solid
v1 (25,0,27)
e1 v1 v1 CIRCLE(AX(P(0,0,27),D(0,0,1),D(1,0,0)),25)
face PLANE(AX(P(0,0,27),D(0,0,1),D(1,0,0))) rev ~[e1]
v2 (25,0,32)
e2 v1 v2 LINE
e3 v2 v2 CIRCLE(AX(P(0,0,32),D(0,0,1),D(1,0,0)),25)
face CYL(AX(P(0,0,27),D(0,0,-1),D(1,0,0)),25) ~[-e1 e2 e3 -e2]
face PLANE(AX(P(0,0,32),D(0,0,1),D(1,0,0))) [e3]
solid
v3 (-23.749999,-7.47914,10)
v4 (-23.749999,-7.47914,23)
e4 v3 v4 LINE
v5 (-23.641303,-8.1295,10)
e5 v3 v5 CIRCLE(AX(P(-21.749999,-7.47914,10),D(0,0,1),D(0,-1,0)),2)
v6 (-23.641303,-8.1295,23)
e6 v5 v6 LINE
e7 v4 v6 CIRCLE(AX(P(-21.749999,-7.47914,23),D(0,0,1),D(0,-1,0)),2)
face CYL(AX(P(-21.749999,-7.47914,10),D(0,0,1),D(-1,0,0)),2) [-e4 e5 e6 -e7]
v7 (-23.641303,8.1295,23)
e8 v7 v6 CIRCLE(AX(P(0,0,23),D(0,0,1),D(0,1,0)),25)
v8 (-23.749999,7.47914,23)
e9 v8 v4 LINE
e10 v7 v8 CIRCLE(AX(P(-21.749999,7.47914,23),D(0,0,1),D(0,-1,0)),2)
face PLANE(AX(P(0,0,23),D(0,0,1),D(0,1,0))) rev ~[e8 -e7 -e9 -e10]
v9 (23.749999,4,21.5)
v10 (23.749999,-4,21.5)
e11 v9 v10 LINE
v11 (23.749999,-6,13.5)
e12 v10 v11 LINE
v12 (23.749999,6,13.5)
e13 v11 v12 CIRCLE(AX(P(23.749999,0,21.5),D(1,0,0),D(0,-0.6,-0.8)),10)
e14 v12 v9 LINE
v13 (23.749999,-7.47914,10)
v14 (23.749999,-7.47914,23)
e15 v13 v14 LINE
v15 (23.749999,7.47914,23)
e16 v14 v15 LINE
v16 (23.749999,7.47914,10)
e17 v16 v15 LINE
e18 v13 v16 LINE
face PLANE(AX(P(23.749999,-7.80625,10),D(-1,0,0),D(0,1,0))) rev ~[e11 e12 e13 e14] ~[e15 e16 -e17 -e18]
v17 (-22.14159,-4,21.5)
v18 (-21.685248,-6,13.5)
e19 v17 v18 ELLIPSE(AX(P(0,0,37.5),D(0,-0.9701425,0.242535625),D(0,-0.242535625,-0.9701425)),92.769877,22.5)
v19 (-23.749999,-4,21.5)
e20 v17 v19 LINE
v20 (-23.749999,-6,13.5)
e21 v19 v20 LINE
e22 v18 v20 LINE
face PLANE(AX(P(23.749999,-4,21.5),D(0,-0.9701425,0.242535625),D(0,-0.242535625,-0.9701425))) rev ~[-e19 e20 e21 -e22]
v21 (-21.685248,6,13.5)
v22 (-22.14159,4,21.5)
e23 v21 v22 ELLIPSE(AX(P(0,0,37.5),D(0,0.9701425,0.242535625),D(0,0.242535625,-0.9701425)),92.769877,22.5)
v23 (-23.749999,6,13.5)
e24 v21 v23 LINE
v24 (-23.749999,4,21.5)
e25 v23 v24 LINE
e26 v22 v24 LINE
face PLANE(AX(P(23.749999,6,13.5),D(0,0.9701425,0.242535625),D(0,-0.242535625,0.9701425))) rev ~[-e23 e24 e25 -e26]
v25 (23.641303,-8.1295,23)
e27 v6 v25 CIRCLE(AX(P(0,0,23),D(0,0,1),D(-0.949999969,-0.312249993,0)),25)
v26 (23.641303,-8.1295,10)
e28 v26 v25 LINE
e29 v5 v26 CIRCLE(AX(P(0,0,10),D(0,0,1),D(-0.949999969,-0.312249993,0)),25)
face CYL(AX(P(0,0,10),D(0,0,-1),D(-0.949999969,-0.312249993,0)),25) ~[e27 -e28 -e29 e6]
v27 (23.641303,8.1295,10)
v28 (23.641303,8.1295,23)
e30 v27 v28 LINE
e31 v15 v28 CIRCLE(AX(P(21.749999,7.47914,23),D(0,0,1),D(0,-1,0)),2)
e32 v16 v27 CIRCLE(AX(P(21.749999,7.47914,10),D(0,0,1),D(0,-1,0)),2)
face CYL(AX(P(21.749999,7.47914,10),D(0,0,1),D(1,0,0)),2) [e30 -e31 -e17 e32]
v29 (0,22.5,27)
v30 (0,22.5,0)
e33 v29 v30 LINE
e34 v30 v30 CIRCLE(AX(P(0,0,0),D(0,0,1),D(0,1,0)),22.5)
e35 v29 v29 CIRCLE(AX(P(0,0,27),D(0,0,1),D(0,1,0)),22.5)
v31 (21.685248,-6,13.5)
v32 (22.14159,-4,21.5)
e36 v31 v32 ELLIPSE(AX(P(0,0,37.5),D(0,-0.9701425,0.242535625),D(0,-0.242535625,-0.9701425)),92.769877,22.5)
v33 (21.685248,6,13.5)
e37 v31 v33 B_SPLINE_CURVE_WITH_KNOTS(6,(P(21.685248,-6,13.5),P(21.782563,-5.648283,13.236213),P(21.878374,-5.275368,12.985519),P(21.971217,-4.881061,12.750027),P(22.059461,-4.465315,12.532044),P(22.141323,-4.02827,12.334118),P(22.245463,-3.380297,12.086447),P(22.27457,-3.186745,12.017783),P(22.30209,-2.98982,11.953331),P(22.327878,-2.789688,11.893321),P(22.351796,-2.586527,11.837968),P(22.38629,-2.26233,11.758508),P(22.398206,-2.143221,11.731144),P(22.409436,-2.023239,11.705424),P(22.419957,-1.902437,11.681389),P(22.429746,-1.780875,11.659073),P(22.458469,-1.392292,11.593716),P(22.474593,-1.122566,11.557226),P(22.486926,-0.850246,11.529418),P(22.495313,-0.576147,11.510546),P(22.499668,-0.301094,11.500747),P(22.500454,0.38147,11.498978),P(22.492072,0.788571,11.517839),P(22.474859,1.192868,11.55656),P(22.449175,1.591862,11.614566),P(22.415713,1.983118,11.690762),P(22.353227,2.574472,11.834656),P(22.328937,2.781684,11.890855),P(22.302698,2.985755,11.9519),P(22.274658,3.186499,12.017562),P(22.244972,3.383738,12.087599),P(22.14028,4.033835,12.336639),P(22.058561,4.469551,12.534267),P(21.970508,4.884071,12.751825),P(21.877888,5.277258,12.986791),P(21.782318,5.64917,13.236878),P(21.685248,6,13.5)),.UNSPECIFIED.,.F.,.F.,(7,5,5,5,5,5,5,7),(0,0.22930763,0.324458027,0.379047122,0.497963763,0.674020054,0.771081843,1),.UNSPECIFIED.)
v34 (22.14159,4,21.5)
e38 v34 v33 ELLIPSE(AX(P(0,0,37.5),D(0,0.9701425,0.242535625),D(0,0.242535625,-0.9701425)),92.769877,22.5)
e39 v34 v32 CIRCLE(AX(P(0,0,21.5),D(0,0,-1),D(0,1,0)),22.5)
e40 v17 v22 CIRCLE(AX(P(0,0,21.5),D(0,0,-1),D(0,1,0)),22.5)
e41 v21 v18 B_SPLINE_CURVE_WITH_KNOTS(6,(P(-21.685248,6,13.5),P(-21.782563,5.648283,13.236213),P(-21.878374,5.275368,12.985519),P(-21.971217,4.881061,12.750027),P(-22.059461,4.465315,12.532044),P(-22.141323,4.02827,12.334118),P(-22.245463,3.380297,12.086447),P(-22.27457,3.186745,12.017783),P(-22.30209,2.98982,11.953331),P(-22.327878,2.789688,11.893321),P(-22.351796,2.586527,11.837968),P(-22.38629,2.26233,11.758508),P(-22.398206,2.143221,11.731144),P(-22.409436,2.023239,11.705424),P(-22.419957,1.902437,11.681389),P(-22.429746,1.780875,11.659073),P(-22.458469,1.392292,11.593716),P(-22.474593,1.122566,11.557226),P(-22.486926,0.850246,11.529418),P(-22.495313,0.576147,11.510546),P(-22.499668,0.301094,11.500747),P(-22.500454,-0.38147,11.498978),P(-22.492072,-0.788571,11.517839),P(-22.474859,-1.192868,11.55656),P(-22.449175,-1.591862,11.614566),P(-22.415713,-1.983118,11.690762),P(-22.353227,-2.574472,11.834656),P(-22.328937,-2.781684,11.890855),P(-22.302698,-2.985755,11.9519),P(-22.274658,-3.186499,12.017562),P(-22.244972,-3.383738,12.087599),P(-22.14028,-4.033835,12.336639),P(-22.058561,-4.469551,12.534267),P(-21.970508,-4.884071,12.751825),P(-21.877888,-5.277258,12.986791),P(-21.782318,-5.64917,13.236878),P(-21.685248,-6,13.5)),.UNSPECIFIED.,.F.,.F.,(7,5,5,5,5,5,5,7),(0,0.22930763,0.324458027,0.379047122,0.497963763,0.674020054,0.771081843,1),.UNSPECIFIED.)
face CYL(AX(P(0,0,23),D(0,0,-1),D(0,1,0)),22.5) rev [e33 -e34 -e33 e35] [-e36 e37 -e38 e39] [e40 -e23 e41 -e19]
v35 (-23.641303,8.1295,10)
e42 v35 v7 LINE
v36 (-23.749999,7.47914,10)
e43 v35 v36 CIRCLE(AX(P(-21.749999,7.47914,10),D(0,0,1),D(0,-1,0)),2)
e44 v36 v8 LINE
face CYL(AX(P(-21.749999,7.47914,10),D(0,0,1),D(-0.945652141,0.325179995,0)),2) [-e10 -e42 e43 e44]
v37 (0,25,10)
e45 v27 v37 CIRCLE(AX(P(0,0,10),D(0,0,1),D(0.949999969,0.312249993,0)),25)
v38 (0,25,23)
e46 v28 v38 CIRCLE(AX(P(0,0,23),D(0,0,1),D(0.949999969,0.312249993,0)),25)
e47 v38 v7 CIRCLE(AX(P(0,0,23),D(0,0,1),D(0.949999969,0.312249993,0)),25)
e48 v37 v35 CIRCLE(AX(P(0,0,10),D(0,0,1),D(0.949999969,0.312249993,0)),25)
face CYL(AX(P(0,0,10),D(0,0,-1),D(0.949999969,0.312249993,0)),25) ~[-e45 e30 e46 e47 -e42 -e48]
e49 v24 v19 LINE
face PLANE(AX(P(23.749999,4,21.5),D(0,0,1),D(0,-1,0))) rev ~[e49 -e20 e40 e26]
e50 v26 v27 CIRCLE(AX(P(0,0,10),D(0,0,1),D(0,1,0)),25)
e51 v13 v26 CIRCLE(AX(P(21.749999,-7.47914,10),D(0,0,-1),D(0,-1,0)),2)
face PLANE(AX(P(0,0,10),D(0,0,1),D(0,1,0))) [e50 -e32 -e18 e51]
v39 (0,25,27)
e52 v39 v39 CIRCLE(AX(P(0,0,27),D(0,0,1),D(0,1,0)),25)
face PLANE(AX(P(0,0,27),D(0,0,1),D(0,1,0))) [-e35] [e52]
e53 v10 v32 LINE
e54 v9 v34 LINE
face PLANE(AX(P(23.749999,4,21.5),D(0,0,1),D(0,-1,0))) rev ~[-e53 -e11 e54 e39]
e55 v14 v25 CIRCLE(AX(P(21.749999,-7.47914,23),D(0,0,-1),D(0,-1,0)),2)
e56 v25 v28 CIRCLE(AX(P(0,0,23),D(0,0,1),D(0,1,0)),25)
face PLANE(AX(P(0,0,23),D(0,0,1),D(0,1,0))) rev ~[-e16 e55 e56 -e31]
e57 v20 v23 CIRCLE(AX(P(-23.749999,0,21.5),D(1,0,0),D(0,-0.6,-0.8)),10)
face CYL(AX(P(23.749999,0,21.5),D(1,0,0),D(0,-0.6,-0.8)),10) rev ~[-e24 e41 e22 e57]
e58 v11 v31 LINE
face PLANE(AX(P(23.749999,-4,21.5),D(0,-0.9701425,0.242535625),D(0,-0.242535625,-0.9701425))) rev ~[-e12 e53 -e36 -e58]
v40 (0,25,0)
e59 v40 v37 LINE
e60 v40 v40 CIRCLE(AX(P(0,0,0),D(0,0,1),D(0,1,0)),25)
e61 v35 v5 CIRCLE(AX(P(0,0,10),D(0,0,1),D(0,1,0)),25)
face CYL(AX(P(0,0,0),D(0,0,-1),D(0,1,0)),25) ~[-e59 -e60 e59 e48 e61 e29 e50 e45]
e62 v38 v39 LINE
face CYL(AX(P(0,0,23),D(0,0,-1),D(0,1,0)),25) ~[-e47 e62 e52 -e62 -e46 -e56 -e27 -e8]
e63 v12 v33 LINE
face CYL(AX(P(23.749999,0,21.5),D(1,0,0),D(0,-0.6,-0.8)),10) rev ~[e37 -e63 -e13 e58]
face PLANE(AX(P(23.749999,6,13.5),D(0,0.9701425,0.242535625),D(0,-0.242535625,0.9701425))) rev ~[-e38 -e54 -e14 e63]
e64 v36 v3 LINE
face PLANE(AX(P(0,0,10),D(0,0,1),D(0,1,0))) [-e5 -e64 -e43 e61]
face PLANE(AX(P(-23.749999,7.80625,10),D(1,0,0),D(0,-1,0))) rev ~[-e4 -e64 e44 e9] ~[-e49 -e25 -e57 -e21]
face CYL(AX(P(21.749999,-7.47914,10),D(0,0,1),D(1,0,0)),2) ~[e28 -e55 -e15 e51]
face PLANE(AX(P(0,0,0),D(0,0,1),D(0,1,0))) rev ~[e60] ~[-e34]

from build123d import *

# Parameters (mm, degrees)
EXTRUDE003_DEPTH = 47.5
OFFSET001_R      = 25
OFFSET001_R_2    = 22.5
EXTRUDE002_DEPTH = 4
FACE_R           = 25
FACE_R_2         = 22.5
EXTRUDE_DEPTH    = 10
OFFSET_R         = 22.5
EXTRUDE001_DEPTH = 13
FILLET_R         = 2
FILLET001_R      = 2
FILLET002_R      = 2
FILLET003_R      = 2
SKETCH003_R      = 25
EXTRUDE004_DEPTH = 5


with BuildPart() as extrude003:
    # Face002 → Extrude003 (new body)
    with BuildSketch(Plane(origin=(23.749999, 0, 16.462815), x_dir=(0, -1, 0), z_dir=(1, 0, 0))):
        with BuildLine():
            Line((-4, -5.037185), (4, -5.037185))
            Line((4, -5.037185), (6, 2.962815))
            ThreePointArc((6, 2.962815), (0, 4.962815), (-6, 2.962815))
            Line((-6, 2.962815), (-4, -5.037185))
        make_face()
    extrude(amount=-EXTRUDE003_DEPTH)


with BuildPart() as extrude002:
    # Offset001 → Extrude002 (new body)
    with BuildSketch(Plane(origin=(0, 0, 23), x_dir=(0, 1, 0), z_dir=(0, 0, 1))):
        Circle(OFFSET001_R)
        Circle(OFFSET001_R_2, mode=Mode.SUBTRACT)
    extrude(amount=EXTRUDE002_DEPTH)


with BuildPart() as fusion:
    # Face → Extrude (new body)
    with BuildSketch(Plane(origin=(0, 0, 0), x_dir=(0, 1, 0), z_dir=(0, 0, 1))):
        Circle(FACE_R)
        Circle(FACE_R_2, mode=Mode.SUBTRACT)
    extrude(amount=EXTRUDE_DEPTH)

    # Fusion: union Extrude002
    add(extrude002.part)


with BuildPart() as cut:
    # Offset → Extrude001 (new body)
    with BuildSketch(Plane(origin=(0, 0, 10), x_dir=(0, 1, 0), z_dir=(0, 0, 1))):
        with BuildLine():
            ThreePointArc((7.80625, -23.749999), (25, 0), (7.80625, 23.749999))
            Line((7.80625, 23.749999), (-7.80625, 23.749999))
            ThreePointArc((-7.80625, 23.749999), (-25, 0), (-7.80625, -23.749999))
            Line((-7.80625, -23.749999), (7.80625, -23.749999))
        make_face()
        Circle(OFFSET_R, mode=Mode.SUBTRACT)
    extrude(amount=EXTRUDE001_DEPTH)

    # Fillet
    fillet_edges = [cut.edges().sort_by_distance(p)[0] for p in [
        (23.749999, -7.80625, 16.5),
    ]]
    fillet(fillet_edges, radius=FILLET_R)

    # Fillet001
    fillet001_edges = [cut.edges().sort_by_distance(p)[0] for p in [
        (23.749999, 7.80625, 16.5),
    ]]
    fillet(fillet001_edges, radius=FILLET001_R)

    # Fillet002
    fillet002_edges = [cut.edges().sort_by_distance(p)[0] for p in [
        (-23.749999, 7.80625, 16.5),
    ]]
    fillet(fillet002_edges, radius=FILLET002_R)

    # Fillet003
    fillet003_edges = [cut.edges().sort_by_distance(p)[0] for p in [
        (-23.749999, -7.80625, 16.5),
    ]]
    fillet(fillet003_edges, radius=FILLET003_R)

    # Fusion001: union Fusion
    add(fusion.part)

    # Cut: cut Extrude003
    add(extrude003.part, mode=Mode.SUBTRACT)


with BuildPart() as extrude004:
    # Sketch003 (on Face4 of Extrude002) → Extrude004 (new body)
    with BuildSketch(Plane.XY.offset(27)):
        Circle(SKETCH003_R)
    extrude(amount=EXTRUDE004_DEPTH)


solid = Compound([cut.part, extrude004.part])
